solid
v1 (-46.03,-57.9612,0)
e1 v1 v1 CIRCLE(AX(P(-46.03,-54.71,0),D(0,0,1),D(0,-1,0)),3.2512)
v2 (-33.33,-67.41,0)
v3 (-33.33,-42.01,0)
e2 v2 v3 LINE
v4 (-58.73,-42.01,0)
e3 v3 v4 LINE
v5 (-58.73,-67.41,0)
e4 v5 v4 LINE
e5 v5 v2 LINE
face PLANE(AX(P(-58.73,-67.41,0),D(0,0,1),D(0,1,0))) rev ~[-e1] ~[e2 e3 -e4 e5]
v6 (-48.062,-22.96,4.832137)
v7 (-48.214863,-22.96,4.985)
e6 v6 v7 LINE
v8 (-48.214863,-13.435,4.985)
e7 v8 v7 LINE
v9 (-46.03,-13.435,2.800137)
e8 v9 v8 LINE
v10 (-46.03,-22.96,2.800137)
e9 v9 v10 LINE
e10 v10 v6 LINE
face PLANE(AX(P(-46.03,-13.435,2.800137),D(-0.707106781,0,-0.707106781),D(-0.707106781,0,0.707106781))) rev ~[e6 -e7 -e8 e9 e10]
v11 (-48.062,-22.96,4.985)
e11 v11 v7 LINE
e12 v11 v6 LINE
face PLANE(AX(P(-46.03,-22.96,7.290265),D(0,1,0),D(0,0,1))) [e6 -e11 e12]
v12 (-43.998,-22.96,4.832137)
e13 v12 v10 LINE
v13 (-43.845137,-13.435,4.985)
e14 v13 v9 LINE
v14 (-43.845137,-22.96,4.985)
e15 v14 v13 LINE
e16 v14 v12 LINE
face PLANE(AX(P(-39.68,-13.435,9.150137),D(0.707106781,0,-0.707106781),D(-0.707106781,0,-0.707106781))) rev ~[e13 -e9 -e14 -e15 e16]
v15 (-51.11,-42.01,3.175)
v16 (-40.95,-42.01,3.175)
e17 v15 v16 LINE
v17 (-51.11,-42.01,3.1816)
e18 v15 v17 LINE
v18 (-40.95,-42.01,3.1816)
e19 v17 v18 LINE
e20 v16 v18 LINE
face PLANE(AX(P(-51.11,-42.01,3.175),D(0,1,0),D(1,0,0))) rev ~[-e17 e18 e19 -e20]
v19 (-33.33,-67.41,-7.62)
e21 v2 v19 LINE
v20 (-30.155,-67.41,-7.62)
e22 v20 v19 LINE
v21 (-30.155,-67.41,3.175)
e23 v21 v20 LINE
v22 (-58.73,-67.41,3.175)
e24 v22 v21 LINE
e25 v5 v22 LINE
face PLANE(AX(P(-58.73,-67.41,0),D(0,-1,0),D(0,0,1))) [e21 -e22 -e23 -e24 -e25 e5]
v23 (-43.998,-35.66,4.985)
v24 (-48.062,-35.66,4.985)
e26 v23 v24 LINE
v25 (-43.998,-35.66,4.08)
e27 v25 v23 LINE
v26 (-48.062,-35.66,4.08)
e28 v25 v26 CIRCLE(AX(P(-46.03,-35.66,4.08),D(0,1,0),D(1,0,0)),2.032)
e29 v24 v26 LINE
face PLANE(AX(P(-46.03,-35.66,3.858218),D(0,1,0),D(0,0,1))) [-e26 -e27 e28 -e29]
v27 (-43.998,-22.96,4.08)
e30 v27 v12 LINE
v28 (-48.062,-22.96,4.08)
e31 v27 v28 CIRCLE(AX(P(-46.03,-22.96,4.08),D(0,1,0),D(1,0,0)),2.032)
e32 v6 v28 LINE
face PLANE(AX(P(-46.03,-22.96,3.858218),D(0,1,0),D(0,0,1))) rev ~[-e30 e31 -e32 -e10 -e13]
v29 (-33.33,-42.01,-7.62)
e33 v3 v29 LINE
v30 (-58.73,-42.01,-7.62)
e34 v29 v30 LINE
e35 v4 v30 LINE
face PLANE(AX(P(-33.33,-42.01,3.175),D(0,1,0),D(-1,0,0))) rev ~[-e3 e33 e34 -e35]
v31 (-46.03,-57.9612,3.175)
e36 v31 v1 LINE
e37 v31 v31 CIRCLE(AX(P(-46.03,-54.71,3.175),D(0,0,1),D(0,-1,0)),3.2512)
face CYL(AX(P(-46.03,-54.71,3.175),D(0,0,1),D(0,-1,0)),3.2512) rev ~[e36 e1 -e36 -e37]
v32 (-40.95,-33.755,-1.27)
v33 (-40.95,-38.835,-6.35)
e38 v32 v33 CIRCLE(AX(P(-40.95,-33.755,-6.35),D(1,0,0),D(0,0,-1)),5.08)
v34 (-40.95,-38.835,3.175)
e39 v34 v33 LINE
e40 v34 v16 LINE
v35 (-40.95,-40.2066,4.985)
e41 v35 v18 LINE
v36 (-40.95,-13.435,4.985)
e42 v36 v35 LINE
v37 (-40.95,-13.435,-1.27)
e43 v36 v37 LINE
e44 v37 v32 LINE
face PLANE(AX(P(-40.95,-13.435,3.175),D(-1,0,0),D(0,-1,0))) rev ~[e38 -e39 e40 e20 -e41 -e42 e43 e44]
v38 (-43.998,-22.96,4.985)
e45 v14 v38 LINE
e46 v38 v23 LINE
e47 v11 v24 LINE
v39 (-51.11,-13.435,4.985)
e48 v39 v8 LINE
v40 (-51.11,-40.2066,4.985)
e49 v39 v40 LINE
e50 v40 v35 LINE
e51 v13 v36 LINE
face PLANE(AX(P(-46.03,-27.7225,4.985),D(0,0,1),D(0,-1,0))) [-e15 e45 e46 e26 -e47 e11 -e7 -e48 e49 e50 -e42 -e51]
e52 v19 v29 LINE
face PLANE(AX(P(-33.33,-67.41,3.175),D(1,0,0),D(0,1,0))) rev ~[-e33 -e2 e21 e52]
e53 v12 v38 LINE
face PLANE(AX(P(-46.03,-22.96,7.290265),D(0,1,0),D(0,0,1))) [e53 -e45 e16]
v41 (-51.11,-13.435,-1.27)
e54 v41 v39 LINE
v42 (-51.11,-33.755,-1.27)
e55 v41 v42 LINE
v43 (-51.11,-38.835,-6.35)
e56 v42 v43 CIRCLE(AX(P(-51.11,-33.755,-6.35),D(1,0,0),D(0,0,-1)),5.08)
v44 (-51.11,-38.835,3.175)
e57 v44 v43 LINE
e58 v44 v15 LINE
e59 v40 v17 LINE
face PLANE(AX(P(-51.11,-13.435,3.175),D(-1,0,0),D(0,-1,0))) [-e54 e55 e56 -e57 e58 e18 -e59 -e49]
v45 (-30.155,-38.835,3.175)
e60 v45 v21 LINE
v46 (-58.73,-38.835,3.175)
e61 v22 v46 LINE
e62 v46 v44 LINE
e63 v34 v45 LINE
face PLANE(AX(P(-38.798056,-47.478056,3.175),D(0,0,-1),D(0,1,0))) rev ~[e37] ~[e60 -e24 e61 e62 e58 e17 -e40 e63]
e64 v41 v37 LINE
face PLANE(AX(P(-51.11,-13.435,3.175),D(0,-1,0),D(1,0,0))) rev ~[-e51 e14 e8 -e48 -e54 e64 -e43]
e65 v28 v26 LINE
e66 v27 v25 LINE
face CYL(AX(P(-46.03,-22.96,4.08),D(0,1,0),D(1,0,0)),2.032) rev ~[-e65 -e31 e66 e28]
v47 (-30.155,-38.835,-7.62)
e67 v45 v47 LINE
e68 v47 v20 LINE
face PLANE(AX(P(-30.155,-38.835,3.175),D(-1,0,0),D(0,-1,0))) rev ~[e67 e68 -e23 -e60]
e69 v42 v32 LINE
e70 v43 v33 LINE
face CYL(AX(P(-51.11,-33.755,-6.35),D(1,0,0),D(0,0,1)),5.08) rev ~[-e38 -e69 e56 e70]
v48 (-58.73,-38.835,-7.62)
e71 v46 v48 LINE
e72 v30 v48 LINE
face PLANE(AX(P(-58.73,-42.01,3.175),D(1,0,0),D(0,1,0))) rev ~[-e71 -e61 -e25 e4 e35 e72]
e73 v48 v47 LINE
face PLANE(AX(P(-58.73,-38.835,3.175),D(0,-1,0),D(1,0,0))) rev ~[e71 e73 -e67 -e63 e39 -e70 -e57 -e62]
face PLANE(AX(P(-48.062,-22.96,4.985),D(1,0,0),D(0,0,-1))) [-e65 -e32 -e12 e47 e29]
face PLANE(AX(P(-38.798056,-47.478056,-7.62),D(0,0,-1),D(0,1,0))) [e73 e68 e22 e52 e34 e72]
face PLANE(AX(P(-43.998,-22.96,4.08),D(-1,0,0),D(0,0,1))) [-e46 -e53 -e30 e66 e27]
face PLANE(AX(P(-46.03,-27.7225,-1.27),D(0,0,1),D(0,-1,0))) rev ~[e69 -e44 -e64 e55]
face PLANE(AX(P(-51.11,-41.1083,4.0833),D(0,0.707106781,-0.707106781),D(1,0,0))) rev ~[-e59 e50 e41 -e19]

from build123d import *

# Parameters (mm, degrees)
SKETCH020_W             = 25.4
SKETCH020_H             = 3.175
PAD005_DEPTH            = 25.4
SKETCH001_W             = 28.575
SKETCH001_H             = 10.16
PAD006_DEPTH            = 1.81
PAD006_DEPTH_BACK       = 4.445
POCKET004_DEPTH         = 9.525
POCKET005_DEPTH         = 12.7
CHAMFER_SIZE            = 1.8034
SKETCH023_R             = 3.2512
POCKET006_DEPTH         = 4.446
PAD007_DEPTH            = 10.795
FILLET_R                = 5.08
BODY003_ROLL_ANGLE      = 90
BODY003_PLACEMENT_ANGLE = 90


with BuildPart() as part:
    # Sketch020 → Pad005 (new body)
    with BuildSketch(Plane.XY):
        with Locations((-12.7, 1.5875)):
            Rectangle(SKETCH020_W, SKETCH020_H)
    extrude(amount=PAD005_DEPTH)

    # Sketch001 (on Face1 of Pad005) → Pad006 (join, two sides)
    with BuildSketch(Plane(origin=(0, 3.175, 0), x_dir=(-1, 0, 0), z_dir=(0, 1, 0))) as pad006_sk:
        with Locations((-14.2875, 12.7)):
            Rectangle(SKETCH001_W, SKETCH001_H)
    extrude(amount=PAD006_DEPTH)
    extrude(pad006_sk.sketch, amount=-PAD006_DEPTH_BACK)

    # Sketch021 (on Face13 of Pad006) → Pocket004 (cut)
    with BuildSketch(Plane.YZ.offset(28.575)):
        Polygon((9.150137, 19.05), (2.800137, 12.7), (9.150137, 6.35), align=None)
    extrude(amount=-POCKET004_DEPTH, mode=Mode.SUBTRACT)

    # Sketch022 (on Face16 of Pocket004) → Pocket005 (cut)
    with BuildSketch(Plane.YZ.offset(19.05)):
        with BuildLine():
            ThreePointArc((4.08, 14.732), (2.048, 12.7), (4.08, 10.668))
            Line((4.985, 10.668), (4.08, 10.668))
            Line((4.985, 14.732), (4.985, 10.668))
            Line((4.08, 14.732), (4.985, 14.732))
        make_face()
    extrude(amount=-POCKET005_DEPTH, mode=Mode.SUBTRACT)

    # Chamfer
    chamfer_edges = [part.edges().sort_by_distance(p)[0] for p in [
        (0, 4.985, 12.7),
    ]]
    chamfer(chamfer_edges, length=CHAMFER_SIZE)

    # Sketch023 (on Face4 of Chamfer) → Pocket006 (cut, through all)
    with BuildSketch(Plane(origin=(0, 3.175, 0), x_dir=(-1, 0, 0), z_dir=(0, 1, 0))):
        with Locations((12.7, 12.7)):
            Circle(SKETCH023_R)
    extrude(amount=-POCKET006_DEPTH, mode=Mode.SUBTRACT)

    # Sketch024 (on Face4 of Pocket006) → Pad007 (join)
    with BuildSketch(Plane(origin=(0, 3.175, 0), x_dir=(-1, 0, 0), z_dir=(0, 1, 0))):
        Polygon((0, 0), (-3.175, 0), (-3.175, 28.575), (25.4, 28.575), (25.4, 25.4), (0, 25.4), align=None)
    extrude(amount=-PAD007_DEPTH)

    # Fillet
    fillet_edges = [part.edges().sort_by_distance(p)[0] for p in [
        (3.175, -1.27, 12.7),
    ]]
    fillet(fillet_edges, radius=FILLET_R)


with BuildPart() as part_1:
    # Body003 roll: moved
    add(part.part.rotate(Axis((0, 0, 0), (1, 0, 0)), BODY003_ROLL_ANGLE))


with BuildPart() as part_2:
    # Body003 placement: moved
    add(part_1.part.moved(Location((-58.73, -42.01, 0))).rotate(Axis((-58.73, -42.01, 0), (0, 0, 1)), BODY003_PLACEMENT_ANGLE))


solid = part_2.part
